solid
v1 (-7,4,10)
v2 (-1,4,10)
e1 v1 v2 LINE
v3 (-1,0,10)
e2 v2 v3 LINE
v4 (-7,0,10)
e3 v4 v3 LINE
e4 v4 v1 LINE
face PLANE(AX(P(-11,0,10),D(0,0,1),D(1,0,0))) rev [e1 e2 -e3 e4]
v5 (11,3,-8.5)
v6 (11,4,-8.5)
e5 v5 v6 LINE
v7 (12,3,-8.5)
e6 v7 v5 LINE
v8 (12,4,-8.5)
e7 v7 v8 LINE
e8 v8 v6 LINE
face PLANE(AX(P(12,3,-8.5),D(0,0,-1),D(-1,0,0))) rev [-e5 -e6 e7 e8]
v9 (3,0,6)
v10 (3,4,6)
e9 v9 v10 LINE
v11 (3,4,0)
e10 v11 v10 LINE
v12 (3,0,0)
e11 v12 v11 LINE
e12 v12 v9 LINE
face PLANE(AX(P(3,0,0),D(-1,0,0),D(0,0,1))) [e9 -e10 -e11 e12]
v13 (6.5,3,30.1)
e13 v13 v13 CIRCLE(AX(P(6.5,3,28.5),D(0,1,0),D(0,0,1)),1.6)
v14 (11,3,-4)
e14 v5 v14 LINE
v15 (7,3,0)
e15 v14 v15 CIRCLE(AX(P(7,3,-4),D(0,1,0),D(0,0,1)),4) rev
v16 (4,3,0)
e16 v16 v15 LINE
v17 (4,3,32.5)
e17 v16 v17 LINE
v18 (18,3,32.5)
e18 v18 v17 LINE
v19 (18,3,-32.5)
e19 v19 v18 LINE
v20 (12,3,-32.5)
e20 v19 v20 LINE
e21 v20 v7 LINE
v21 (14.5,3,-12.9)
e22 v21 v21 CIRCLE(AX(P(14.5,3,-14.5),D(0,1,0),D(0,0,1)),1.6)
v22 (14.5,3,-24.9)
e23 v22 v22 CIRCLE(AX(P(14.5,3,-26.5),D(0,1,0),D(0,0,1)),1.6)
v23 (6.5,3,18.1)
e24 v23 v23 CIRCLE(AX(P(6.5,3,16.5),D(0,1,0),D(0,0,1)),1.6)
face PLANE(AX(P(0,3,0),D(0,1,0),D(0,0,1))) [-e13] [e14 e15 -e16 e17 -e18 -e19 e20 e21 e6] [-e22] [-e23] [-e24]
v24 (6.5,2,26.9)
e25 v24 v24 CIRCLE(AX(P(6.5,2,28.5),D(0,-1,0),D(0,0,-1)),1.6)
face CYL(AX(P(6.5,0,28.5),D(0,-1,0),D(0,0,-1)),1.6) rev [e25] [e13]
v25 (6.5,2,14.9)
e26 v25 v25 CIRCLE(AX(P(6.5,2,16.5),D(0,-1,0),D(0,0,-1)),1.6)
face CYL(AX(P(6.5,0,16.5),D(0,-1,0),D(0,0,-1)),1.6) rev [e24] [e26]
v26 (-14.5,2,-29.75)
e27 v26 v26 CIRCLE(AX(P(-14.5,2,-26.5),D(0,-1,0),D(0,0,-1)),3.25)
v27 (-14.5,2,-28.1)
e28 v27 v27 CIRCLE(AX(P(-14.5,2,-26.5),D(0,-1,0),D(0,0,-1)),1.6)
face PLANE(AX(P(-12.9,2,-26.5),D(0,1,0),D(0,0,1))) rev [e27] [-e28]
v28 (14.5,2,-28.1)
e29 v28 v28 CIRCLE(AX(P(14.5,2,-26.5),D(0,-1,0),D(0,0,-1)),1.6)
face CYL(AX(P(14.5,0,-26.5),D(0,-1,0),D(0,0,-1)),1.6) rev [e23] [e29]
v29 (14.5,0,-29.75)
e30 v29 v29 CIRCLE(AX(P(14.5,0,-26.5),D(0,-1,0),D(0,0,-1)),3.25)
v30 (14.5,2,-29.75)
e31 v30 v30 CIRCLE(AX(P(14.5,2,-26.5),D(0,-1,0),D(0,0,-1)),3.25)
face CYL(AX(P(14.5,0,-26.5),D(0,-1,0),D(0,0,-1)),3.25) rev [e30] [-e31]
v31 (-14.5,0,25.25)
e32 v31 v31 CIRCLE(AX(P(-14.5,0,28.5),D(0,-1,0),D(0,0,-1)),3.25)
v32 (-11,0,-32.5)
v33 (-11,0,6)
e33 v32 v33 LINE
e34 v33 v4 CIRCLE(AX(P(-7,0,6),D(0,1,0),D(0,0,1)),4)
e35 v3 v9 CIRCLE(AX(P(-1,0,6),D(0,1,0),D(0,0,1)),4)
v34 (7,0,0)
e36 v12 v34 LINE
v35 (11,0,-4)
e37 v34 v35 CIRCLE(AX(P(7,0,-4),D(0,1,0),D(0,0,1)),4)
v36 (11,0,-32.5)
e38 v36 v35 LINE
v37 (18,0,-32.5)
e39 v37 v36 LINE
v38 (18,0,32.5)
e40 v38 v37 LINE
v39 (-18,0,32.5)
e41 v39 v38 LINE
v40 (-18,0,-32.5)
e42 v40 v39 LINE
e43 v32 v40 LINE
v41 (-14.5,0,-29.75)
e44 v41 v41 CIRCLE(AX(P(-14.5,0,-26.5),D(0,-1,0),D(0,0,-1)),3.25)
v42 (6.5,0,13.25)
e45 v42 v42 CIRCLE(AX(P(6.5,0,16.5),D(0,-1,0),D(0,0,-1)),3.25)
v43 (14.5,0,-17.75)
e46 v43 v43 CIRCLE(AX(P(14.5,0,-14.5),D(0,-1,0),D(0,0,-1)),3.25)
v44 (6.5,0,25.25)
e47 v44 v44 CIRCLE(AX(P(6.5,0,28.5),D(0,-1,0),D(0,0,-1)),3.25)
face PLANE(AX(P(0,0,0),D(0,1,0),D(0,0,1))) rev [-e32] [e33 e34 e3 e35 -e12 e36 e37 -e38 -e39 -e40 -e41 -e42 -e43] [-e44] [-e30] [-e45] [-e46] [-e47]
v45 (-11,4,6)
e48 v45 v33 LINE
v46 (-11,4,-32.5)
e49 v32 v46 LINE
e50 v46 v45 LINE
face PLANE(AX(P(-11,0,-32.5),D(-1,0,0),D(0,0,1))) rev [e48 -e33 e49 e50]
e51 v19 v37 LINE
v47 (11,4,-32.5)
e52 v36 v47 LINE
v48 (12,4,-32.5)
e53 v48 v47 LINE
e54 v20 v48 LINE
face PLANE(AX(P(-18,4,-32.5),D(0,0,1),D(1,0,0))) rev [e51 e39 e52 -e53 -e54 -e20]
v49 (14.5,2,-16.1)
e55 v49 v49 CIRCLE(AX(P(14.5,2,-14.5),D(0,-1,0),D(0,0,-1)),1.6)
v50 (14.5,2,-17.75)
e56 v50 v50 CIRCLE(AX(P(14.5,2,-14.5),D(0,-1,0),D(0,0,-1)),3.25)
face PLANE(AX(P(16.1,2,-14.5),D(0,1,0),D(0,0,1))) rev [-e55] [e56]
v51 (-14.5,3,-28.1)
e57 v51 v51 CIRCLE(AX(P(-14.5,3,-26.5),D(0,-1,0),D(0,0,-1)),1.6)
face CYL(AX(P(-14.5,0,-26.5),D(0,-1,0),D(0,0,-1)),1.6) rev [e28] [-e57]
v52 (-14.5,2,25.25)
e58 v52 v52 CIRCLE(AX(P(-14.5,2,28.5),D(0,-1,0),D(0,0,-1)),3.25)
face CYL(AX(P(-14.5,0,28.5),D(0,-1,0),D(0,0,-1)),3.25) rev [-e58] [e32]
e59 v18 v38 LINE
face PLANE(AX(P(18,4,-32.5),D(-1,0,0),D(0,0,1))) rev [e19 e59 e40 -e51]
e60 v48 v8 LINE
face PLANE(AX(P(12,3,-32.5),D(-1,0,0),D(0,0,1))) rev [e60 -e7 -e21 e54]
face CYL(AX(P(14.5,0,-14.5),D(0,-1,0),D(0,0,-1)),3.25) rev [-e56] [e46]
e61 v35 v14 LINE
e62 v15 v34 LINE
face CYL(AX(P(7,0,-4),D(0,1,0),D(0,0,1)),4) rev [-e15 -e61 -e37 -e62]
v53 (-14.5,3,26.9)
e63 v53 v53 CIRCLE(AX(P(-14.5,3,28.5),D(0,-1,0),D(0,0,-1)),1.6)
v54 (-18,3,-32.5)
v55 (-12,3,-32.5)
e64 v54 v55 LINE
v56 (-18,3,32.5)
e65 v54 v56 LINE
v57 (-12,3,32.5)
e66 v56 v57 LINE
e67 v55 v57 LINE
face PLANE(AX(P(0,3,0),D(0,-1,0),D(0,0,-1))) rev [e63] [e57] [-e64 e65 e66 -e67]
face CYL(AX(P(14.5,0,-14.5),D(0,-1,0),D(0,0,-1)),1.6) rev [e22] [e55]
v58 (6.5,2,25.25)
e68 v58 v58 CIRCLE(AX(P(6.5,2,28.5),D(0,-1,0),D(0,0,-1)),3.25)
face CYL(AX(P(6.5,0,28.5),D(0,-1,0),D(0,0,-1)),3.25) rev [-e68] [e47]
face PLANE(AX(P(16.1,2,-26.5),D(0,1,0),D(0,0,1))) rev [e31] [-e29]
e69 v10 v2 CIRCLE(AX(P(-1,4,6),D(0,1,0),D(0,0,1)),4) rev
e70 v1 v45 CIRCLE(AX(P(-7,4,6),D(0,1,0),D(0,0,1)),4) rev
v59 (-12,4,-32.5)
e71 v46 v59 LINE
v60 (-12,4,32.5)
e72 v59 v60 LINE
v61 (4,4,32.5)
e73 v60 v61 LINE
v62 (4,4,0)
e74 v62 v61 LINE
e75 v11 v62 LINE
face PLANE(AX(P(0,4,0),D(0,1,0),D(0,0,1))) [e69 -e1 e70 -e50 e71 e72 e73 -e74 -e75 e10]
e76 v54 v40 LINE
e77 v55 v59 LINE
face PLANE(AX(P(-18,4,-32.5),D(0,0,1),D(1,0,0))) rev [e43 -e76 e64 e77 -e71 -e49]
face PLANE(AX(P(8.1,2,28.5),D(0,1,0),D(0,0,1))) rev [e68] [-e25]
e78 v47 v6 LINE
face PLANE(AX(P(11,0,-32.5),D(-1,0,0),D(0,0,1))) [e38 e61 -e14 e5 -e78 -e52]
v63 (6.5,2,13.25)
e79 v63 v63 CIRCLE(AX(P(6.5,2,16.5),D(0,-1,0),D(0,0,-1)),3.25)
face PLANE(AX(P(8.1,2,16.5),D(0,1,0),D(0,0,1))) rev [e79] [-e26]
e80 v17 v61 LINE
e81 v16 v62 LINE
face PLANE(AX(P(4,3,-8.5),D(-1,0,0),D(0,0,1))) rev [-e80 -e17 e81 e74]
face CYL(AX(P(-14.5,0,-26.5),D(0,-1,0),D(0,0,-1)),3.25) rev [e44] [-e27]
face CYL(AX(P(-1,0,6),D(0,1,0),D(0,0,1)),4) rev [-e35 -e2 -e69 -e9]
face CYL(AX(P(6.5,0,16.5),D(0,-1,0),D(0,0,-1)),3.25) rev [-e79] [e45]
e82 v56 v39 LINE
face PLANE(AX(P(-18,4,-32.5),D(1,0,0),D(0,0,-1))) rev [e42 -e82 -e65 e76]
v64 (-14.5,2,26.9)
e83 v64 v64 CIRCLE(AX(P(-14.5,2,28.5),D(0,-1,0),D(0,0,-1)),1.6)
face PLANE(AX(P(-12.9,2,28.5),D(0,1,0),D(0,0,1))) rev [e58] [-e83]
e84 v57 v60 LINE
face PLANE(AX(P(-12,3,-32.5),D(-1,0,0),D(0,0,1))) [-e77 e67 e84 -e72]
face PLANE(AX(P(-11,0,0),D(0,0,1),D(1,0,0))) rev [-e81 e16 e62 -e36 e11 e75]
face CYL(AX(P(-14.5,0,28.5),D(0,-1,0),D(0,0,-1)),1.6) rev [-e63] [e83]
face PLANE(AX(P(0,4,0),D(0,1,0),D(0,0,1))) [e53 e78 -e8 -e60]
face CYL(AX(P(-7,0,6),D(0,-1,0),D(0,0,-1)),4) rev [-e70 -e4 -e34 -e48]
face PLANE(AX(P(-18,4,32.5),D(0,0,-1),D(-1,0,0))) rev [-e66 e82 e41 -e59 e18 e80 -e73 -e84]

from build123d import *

# Parameters (mm, degrees)
SKIZZE1_W                                            = 36
SKIZZE1_H                                            = 65
AUFSATZ_LINEAR_AUSTRAGEN1_DEPTH                      = 4
SKIZZE2_W                                            = 6
SKIZZE2_H                                            = 65
SCHNITT_LINEAR_AUSTRAGEN1_DEPTH                      = 1
SKIZZE2_3_W                                          = 14
SKIZZE2_3_H                                          = 10
SCHNITT_LINEAR_AUSTRAGEN2_DEPTH                      = 38.366428783
VERRUNDUNG1_R                                        = 4
STIRNSENKUNG_F_R_M3_ZYLINDERSCHRAUBE_MIT_D           = 3.2
STIRNSENKUNG_F_R_M3_ZYLINDERSCHRAUBE_MIT_CBORE_D     = 6.5
STIRNSENKUNG_F_R_M3_ZYLINDERSCHRAUBE_MIT_CBORE_DEPTH = 2


with BuildPart() as part:
    # Skizze1 → Aufsatz-Linear austragen1 (new body)
    with BuildSketch(Plane(origin=(0, 0, 0), x_dir=(1, 0, 0), z_dir=(0, 1, 0))):
        Rectangle(SKIZZE1_W, SKIZZE1_H)
    extrude(amount=AUFSATZ_LINEAR_AUSTRAGEN1_DEPTH)

    # Skizze2 → Schnitt-Linear austragen1 (cut)
    with BuildSketch(Plane(origin=(0, 4, 0), x_dir=(1, 0, 0), z_dir=(0, 1, 0))):
        with Locations((-15, 0)):
            Rectangle(SKIZZE2_W, SKIZZE2_H)
        Polygon((18, 32.5), (12, 32.5), (12, 8.5), (4, 8.5), (4, -32.5), (18, -32.5), align=None)
    extrude(amount=-SCHNITT_LINEAR_AUSTRAGEN1_DEPTH, mode=Mode.SUBTRACT)

    # Skizze2<3> → Schnitt-Linear austragen2 (cut, through all)
    with BuildSketch(Plane(origin=(0, 4, 0), x_dir=(1, 0, 0), z_dir=(0, 1, 0))):
        Polygon((11, 32.5), (-11, 32.5), (-11, 0), (3, 0), (11, 0), align=None)
        with Locations((-4, -5)):
            Rectangle(SKIZZE2_3_W, SKIZZE2_3_H)
    extrude(amount=-SCHNITT_LINEAR_AUSTRAGEN2_DEPTH, mode=Mode.SUBTRACT)

    # Verrundung1
    verrundung1_edges = [part.edges().sort_by_distance(p)[0] for p in [
        (11, 1.5, 0),
        (3, 2, 10),
        (-11, 2, 10),
    ]]
    fillet(verrundung1_edges, radius=VERRUNDUNG1_R)

    # Stirnsenkung für  M3 Zylinderschraube mit Schlitz/Kreuzschlitz1 (through all)
    with Locations(Plane(origin=(0, 0, 0), x_dir=(-1, 0, 0), z_dir=(0, -1, 0))):
        with Locations((14.5, -28.5), (14.5, 26.5), (-14.5, 26.5), (-6.5, -28.5), (-6.5, -16.5), (-14.5, 14.5)):
            CounterBoreHole(STIRNSENKUNG_F_R_M3_ZYLINDERSCHRAUBE_MIT_D / 2, STIRNSENKUNG_F_R_M3_ZYLINDERSCHRAUBE_MIT_CBORE_D / 2, STIRNSENKUNG_F_R_M3_ZYLINDERSCHRAUBE_MIT_CBORE_DEPTH)


solid = part.part
